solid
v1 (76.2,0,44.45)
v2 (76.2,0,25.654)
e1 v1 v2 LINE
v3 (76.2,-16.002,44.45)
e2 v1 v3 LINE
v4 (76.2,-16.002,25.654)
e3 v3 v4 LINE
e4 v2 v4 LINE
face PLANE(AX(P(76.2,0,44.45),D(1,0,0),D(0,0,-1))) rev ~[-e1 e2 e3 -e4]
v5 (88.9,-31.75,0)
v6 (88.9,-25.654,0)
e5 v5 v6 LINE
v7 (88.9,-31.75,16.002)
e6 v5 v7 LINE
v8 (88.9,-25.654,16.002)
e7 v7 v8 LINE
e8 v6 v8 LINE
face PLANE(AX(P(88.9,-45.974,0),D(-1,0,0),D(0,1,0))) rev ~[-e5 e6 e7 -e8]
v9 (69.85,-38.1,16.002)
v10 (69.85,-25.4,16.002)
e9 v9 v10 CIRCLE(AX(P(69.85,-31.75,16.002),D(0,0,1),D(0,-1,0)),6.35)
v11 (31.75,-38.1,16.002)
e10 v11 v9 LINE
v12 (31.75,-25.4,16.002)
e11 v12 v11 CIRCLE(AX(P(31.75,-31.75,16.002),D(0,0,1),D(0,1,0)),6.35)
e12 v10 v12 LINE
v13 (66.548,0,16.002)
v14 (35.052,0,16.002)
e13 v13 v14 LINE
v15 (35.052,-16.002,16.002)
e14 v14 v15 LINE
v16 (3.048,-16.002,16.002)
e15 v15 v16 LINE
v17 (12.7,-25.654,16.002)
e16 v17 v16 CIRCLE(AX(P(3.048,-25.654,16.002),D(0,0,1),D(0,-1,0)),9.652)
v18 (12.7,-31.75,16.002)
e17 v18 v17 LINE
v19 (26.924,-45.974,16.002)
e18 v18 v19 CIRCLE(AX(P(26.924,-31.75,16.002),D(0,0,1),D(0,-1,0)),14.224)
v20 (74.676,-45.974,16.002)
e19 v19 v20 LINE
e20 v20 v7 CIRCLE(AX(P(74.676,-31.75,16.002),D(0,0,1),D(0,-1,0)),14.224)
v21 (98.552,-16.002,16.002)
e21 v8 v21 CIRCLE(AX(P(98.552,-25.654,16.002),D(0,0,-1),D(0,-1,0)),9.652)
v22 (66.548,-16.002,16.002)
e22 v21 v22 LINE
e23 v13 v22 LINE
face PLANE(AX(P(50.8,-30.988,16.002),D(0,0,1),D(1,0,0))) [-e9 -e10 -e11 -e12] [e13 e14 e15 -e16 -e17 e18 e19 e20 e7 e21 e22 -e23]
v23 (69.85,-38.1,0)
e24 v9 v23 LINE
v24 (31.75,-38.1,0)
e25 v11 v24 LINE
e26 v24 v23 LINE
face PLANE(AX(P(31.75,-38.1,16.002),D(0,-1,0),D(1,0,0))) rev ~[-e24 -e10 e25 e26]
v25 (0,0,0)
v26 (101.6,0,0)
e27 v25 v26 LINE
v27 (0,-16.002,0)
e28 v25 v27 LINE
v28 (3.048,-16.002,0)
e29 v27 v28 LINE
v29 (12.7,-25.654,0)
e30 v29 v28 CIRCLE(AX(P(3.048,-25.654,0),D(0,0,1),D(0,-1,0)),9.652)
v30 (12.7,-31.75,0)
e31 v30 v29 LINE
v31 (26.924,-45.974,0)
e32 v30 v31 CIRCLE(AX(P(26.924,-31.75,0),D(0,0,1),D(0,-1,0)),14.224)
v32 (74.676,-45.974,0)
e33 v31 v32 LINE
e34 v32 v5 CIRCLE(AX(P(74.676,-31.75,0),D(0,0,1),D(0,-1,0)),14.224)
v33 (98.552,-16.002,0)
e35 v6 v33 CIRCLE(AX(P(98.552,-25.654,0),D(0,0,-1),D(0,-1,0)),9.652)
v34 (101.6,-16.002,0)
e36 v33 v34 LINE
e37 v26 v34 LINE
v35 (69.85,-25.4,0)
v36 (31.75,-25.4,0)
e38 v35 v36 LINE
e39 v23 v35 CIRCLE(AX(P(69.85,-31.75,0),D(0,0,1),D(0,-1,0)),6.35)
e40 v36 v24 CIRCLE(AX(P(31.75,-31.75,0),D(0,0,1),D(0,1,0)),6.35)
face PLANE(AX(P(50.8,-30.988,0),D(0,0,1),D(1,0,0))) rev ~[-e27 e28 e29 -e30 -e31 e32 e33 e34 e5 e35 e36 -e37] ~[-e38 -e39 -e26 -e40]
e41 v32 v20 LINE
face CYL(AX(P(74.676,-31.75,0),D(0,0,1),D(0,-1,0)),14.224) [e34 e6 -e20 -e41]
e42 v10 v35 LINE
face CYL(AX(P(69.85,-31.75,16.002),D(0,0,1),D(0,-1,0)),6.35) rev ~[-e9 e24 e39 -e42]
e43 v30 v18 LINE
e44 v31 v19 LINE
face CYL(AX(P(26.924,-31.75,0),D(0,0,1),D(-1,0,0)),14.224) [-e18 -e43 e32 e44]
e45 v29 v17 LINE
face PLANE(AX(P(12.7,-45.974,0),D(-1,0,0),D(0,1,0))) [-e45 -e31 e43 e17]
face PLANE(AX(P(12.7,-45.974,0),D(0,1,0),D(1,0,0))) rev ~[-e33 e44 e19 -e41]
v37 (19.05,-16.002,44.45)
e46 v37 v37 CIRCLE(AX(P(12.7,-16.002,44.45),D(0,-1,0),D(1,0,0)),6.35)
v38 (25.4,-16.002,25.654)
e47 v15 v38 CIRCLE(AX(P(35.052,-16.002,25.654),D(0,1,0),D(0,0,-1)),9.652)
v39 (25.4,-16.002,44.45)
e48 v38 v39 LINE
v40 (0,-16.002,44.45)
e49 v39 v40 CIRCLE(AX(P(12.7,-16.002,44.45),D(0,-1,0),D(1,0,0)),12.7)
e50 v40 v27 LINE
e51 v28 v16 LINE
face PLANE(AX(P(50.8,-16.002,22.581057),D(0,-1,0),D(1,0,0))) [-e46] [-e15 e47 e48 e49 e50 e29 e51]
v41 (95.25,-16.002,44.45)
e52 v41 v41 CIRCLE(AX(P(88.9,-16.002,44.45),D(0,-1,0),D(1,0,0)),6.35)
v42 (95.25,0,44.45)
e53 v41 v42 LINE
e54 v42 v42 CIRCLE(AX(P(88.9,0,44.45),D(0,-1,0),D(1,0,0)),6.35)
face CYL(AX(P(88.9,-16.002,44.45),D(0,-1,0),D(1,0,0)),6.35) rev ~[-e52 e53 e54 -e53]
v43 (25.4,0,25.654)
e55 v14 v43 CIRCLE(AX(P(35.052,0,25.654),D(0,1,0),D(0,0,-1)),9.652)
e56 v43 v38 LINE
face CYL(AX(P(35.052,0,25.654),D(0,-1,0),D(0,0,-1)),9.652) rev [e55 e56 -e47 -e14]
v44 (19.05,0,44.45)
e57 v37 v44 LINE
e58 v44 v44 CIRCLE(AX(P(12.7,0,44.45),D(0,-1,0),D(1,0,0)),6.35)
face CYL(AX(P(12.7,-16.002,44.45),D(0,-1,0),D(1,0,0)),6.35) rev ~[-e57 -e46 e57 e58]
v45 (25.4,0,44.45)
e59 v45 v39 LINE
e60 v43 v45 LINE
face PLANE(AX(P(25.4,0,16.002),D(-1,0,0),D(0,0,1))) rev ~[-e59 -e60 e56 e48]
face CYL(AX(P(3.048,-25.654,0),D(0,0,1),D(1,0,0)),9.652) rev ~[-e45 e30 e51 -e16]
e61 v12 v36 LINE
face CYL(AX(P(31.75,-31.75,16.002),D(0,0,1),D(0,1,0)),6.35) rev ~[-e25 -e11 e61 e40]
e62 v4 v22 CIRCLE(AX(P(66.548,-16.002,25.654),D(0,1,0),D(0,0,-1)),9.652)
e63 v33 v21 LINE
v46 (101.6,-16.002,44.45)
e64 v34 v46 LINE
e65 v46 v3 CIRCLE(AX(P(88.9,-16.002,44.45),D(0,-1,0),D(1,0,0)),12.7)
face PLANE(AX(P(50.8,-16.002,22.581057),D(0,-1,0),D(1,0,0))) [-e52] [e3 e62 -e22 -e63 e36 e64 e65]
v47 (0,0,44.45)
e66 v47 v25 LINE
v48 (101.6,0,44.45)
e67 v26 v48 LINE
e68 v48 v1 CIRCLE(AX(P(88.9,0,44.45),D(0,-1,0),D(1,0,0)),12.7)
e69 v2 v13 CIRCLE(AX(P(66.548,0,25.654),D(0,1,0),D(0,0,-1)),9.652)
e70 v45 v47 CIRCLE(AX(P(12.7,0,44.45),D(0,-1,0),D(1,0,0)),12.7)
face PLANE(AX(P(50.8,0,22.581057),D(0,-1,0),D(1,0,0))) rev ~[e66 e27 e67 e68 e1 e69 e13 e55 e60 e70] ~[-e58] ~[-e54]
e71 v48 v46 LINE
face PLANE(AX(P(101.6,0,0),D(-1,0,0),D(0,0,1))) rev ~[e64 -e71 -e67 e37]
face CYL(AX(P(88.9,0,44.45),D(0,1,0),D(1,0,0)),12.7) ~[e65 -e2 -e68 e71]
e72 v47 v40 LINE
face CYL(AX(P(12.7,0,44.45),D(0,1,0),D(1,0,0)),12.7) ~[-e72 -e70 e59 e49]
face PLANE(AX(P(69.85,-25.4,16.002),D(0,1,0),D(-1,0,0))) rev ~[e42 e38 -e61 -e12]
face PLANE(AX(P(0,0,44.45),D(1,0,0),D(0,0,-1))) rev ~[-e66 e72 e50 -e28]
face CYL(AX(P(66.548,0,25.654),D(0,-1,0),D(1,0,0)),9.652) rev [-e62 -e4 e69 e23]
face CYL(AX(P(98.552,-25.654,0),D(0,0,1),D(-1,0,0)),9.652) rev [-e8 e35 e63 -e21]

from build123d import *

# Parameters (mm, degrees)
F1_DEPTH  = 16.002
F2_R      = 9.652
F3_W      = 76.2
F3_H      = 29.972
F4_DEPTH  = 16.002
F5_R      = 14.224
F6_R      = 9.652
F7_R      = 6.35
F8_DEPTH  = 16.003
F10_DEPTH = 16.003


with BuildPart() as f1:
    # F0 (on Front) → F1 (new body)
    with BuildSketch(Plane.XZ):
        with BuildLine():
            Line((0, 44.45), (0, 0))
            Line((0, 0), (101.6, 0))
            Line((101.6, 0), (101.6, 44.45))
            ThreePointArc((101.6, 44.45), (88.9, 57.15), (76.2, 44.45))
            Line((76.2, 44.45), (76.2, 16.002))
            Line((76.2, 16.002), (25.4, 16.002))
            Line((25.4, 16.002), (25.4, 44.45))
            ThreePointArc((25.4, 44.45), (12.7, 57.15), (0, 44.45))
        make_face()
    extrude(amount=F1_DEPTH)

    # F2
    f2_edges = [f1.edges().sort_by_distance(p)[0] for p in [
        (25.4, -8.001, 16.002),
        (76.2, -8.001, 16.002),
    ]]
    fillet(f2_edges, radius=F2_R)

    # F3 (on Top) → F4 (join)
    with BuildSketch(Plane.XY):
        with Locations((50.8, -30.988)):
            Rectangle(F3_W, F3_H)
    extrude(amount=F4_DEPTH)

    # F5
    f5_edges = [f1.edges().sort_by_distance(p)[0] for p in [
        (88.9, -45.974, 8.001),
        (12.7, -45.974, 8.001),
    ]]
    fillet(f5_edges, radius=F5_R)

    # F6
    f6_edges = [f1.edges().sort_by_distance(p)[0] for p in [
        (88.9, -16.002, 8.001),
        (12.7, -16.002, 8.001),
    ]]
    fillet(f6_edges, radius=F6_R)

    # F7 (on face) → F8 (cut, through all)
    with BuildSketch(Plane.XZ.offset(16.002)):
        with Locations((12.7, 44.45)):
            Circle(F7_R)
        with Locations((88.9, 44.45)):
            Circle(F7_R)
    extrude(amount=-F8_DEPTH, mode=Mode.SUBTRACT)

    # F9 (on face) → F10 (cut, through all)
    with BuildSketch(Plane.XY.offset(16.002)):
        with BuildLine():
            Line((69.85, -25.4), (31.75, -25.4))
            ThreePointArc((31.75, -25.4), (25.4, -31.75), (31.75, -38.1))
            Line((31.75, -38.1), (69.85, -38.1))
            ThreePointArc((69.85, -38.1), (76.2, -31.75), (69.85, -25.4))
        make_face()
    extrude(amount=-F10_DEPTH, mode=Mode.SUBTRACT)


solid = f1.part
